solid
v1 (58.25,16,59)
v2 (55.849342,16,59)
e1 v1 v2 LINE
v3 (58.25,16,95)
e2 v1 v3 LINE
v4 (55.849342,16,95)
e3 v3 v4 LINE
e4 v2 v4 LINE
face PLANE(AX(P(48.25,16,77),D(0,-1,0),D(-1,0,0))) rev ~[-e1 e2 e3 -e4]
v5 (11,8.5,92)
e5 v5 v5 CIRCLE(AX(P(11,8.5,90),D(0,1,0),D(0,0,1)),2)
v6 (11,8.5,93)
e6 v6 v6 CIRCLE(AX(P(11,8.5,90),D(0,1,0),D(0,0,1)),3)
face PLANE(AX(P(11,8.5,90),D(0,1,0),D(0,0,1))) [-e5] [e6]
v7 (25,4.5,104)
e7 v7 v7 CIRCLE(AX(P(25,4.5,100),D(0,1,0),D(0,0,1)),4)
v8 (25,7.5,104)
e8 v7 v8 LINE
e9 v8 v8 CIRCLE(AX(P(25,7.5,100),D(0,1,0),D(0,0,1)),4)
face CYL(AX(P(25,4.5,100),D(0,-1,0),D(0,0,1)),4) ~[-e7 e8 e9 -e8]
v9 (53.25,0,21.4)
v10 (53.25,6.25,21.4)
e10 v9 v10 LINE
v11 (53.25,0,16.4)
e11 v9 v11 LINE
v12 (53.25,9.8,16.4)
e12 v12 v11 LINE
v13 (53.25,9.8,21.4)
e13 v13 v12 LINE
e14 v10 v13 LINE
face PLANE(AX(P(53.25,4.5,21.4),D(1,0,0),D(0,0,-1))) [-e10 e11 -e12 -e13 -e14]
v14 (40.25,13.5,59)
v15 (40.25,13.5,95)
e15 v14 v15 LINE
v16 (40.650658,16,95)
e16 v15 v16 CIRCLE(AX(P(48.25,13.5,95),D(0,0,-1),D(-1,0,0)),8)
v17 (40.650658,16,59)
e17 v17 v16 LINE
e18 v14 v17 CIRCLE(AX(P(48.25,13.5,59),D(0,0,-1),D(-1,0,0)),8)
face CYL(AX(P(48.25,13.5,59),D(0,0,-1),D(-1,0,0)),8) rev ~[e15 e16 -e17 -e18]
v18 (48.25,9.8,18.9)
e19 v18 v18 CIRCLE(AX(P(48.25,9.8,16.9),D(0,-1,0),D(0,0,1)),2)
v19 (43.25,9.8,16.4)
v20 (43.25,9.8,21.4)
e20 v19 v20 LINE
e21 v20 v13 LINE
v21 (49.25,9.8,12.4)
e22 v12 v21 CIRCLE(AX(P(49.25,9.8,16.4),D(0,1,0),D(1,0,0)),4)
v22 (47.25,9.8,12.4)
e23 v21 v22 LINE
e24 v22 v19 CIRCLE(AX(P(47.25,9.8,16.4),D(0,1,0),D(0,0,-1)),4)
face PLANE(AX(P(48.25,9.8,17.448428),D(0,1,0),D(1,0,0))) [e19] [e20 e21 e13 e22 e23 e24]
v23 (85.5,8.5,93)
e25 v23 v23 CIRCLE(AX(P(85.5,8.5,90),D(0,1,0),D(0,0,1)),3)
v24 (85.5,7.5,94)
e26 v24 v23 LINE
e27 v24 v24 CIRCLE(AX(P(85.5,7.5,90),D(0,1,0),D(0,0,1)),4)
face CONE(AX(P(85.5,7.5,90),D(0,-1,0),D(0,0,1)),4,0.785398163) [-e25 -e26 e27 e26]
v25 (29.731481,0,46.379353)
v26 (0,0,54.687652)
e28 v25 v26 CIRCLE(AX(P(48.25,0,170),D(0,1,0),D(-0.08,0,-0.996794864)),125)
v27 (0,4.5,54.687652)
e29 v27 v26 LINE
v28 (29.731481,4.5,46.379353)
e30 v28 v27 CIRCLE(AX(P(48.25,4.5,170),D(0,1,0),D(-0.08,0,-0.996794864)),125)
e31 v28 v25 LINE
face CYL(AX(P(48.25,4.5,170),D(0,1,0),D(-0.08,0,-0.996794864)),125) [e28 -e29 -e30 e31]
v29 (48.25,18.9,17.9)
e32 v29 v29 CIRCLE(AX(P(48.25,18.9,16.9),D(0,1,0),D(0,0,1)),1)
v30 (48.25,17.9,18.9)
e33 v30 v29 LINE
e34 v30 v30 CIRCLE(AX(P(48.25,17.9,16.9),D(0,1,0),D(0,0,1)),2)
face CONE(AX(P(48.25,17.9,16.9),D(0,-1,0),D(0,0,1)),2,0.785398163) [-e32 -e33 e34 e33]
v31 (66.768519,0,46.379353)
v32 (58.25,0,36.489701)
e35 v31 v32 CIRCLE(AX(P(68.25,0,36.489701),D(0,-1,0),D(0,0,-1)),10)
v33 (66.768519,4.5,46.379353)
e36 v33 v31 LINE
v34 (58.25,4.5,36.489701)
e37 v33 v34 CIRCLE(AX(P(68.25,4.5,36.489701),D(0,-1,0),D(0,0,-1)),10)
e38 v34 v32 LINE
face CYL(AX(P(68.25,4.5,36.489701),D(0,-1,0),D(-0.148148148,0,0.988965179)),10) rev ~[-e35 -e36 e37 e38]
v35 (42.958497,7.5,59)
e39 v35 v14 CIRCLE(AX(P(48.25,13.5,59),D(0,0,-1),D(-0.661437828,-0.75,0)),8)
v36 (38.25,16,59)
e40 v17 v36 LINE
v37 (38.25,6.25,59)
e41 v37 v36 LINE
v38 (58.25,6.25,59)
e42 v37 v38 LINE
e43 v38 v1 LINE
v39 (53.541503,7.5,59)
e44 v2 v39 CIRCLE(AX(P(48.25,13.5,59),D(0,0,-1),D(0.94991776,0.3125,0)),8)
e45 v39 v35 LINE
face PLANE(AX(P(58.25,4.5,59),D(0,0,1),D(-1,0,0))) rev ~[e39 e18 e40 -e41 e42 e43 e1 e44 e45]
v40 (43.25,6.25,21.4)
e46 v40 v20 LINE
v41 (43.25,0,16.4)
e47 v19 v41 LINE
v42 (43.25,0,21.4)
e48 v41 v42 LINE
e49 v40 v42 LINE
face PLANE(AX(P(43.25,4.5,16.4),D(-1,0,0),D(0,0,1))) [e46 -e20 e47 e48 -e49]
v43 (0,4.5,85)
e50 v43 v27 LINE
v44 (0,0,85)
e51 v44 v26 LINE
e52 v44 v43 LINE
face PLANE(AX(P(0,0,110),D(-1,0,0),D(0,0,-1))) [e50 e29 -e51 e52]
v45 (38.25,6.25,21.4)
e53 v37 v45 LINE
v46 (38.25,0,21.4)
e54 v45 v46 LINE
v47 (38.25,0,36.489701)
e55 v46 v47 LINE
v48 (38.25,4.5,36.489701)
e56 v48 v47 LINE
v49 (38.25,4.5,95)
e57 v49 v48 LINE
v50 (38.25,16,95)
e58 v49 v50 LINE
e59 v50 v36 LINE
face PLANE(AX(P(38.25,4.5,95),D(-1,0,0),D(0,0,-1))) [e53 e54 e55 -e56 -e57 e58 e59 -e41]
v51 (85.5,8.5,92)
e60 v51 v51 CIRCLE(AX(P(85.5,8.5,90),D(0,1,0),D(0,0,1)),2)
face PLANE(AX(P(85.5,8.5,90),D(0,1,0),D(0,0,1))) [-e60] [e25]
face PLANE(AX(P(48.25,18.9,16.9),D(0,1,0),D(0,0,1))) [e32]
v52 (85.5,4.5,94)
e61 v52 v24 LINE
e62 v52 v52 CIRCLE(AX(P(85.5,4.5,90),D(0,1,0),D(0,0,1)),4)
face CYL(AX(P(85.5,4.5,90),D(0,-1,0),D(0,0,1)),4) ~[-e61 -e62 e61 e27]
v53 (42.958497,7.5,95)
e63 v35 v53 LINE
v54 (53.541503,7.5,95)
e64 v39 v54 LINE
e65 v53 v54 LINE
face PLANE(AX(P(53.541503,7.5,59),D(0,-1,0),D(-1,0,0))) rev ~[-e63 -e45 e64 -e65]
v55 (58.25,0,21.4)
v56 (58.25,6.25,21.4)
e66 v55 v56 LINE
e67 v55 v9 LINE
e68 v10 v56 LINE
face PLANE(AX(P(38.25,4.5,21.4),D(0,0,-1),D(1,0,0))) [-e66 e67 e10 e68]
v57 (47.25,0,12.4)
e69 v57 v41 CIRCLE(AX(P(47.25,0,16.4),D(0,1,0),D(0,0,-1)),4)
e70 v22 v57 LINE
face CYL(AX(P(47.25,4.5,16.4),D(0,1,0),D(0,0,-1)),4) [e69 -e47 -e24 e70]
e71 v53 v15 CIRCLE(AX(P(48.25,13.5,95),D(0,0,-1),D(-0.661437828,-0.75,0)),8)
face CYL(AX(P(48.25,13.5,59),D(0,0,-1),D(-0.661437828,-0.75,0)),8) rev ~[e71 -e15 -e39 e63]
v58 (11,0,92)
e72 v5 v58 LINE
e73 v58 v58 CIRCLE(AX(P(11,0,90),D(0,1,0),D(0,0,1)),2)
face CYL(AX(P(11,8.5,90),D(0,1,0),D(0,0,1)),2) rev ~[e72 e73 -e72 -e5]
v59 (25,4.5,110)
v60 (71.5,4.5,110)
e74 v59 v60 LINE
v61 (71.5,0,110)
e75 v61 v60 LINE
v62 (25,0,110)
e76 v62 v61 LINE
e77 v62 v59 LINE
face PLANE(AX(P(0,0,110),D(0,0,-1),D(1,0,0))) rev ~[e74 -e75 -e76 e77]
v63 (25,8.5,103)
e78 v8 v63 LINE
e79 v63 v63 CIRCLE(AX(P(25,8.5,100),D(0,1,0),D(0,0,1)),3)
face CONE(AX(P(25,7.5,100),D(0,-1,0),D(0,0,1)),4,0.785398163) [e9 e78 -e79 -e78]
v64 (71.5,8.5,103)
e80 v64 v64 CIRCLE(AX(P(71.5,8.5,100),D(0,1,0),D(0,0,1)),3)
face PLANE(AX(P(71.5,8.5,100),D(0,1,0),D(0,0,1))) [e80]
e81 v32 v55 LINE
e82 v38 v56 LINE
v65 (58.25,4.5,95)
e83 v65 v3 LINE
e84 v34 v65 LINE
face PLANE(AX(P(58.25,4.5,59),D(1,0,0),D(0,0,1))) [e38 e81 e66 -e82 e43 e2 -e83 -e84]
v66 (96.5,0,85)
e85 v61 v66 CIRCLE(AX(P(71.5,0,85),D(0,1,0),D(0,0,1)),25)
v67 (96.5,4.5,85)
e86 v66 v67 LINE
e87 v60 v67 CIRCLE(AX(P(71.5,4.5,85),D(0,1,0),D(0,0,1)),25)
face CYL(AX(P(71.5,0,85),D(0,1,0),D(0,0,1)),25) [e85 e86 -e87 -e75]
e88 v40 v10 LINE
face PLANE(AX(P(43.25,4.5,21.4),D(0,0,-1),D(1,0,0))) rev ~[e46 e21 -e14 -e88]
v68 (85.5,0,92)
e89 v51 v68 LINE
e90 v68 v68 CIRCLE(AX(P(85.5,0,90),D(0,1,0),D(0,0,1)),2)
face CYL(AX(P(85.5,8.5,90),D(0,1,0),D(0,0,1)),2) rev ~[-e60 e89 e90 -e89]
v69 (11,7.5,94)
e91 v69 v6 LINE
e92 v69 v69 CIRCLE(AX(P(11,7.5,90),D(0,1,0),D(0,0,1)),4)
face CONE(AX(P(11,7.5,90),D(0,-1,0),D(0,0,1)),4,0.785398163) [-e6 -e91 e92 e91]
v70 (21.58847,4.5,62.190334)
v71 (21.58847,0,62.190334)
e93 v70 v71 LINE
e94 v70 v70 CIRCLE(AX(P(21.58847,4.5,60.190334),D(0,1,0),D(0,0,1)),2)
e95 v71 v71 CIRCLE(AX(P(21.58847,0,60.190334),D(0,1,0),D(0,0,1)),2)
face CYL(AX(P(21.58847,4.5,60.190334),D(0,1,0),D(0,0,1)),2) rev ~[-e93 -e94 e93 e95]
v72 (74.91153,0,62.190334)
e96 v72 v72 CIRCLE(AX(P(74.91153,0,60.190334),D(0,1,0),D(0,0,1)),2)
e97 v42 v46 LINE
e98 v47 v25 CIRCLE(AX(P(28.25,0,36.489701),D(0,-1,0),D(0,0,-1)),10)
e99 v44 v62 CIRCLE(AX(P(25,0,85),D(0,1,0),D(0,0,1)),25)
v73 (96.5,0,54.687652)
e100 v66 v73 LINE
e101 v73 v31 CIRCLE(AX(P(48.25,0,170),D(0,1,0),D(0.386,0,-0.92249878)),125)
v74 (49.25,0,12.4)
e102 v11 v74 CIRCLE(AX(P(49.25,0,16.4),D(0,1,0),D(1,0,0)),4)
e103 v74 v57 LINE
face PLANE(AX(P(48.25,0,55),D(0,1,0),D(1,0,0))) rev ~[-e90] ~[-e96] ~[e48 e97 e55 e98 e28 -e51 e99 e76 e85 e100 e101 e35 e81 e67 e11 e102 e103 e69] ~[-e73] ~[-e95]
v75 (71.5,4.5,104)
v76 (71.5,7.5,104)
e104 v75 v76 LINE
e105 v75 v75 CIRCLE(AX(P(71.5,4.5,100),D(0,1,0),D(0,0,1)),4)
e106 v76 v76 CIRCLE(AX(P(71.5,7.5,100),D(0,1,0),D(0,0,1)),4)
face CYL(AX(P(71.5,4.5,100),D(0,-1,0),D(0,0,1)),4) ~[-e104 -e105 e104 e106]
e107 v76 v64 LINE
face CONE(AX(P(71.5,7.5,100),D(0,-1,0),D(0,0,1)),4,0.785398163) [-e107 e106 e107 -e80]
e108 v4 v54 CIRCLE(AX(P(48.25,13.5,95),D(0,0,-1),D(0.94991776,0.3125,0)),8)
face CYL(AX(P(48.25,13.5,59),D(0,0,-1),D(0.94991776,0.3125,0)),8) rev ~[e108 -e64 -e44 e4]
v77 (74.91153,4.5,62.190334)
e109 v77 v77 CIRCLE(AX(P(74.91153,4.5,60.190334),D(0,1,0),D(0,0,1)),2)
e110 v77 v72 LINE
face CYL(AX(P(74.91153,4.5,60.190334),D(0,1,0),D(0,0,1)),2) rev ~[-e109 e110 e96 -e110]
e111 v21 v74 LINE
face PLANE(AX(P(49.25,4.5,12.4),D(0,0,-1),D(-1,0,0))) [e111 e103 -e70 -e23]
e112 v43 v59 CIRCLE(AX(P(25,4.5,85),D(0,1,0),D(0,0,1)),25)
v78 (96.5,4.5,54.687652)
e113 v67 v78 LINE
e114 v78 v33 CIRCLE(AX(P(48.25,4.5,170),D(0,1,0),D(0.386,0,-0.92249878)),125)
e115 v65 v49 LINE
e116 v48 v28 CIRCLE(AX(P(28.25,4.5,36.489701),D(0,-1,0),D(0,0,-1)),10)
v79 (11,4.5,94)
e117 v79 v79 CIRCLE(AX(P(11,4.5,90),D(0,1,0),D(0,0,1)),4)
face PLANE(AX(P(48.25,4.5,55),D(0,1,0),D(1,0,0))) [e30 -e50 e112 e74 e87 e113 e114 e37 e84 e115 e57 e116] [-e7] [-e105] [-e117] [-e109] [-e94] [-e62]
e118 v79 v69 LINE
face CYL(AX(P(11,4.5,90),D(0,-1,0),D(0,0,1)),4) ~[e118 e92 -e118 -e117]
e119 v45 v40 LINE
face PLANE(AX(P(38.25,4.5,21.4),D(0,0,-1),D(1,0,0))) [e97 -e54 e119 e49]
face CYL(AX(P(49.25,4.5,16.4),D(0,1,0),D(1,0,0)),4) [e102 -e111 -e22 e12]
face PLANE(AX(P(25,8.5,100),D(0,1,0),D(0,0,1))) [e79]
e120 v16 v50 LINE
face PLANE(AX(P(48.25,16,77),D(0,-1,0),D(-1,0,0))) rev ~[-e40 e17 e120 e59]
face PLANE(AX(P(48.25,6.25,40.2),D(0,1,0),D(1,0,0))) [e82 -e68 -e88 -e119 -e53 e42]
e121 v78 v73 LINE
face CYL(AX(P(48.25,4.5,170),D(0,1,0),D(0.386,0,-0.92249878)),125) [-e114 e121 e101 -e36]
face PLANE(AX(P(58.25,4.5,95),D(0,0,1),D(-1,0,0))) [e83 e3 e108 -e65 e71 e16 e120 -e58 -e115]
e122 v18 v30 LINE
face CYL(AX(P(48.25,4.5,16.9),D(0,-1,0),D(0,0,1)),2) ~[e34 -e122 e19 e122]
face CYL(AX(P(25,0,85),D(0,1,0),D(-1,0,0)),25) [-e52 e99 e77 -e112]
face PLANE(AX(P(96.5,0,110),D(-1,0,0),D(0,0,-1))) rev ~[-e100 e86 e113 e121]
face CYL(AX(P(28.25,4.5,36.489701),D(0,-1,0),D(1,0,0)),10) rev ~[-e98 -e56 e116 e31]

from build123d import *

# Parameters (mm, degrees)
SKETCH1_W           = 96.5
SKETCH1_H           = 110
BOSS_EXTRUDE1_DEPTH = 4.5
SKETCH2_R           = 4
BOSS_EXTRUDE2_DEPTH = 4
SKETCH3_R           = 2
BOSS_EXTRUDE3_DEPTH = 14.4
SKETCH4_W           = 20
SKETCH4_H           = 37.6
BOSS_EXTRUDE4_DEPTH = 1.75
BOSS_EXTRUDE5_DEPTH = 11.5
BOSS_EXTRUDE6_DEPTH = 5.3
CHAMFER2_SIZE       = 1
CUT_EXTRUDE6_DEPTH  = 115.67545509
CHAMFER3_SIZE       = 1
SKETCH2_4_R         = 4
BOSS_EXTRUDE8_DEPTH = 4
CUT_EXTRUDE10_DEPTH = 148.036084007
FILLET1_R           = 10
SKETCH21_R          = 2
CUT_EXTRUDE11_DEPTH = 148.036084007
CHAMFER4_SIZE       = 1
SKETCH22_R          = 2
CUT_EXTRUDE12_DEPTH = 147.698363999
FILLET2_R           = 25


with BuildPart() as part:
    # Sketch1 → Boss-Extrude1 (new body)
    with BuildSketch(Plane(origin=(0, 0, 0), x_dir=(1, 0, 0), z_dir=(0, 1, 0))):
        with Locations((48.25, -55)):
            Rectangle(SKETCH1_W, SKETCH1_H)
    extrude(amount=BOSS_EXTRUDE1_DEPTH)

    # Sketch2 → Boss-Extrude2 (add)
    with BuildSketch(Plane(origin=(0, 4.5, 0), x_dir=(1, 0, 0), z_dir=(0, 1, 0))):
        with Locations(Location((25, -100, 0), (0, 0, 270))):
            Circle(SKETCH2_R)
        with Locations(Location((71.5, -100, 0), (0, 0, 270))):
            Circle(SKETCH2_R)
    extrude(amount=BOSS_EXTRUDE2_DEPTH)

    # Sketch3 → Boss-Extrude3 (add)
    with BuildSketch(Plane(origin=(0, 4.5, 0), x_dir=(1, 0, 0), z_dir=(0, 1, 0))):
        with Locations(Location((48.25, -16.9, 0), (0, 0, 270))):
            Circle(SKETCH3_R)
    extrude(amount=BOSS_EXTRUDE3_DEPTH)

    # Sketch4 → Boss-Extrude4 (add)
    with BuildSketch(Plane(origin=(0, 4.5, 0), x_dir=(1, 0, 0), z_dir=(0, 1, 0))):
        with Locations((48.25, -40.2)):
            Rectangle(SKETCH4_W, SKETCH4_H)
    extrude(amount=BOSS_EXTRUDE4_DEPTH)

    # Sketch4<3> → Boss-Extrude5 (add)
    with BuildSketch(Plane(origin=(0, 4.5, 0), x_dir=(1, 0, 0), z_dir=(0, 1, 0))):
        Polygon((58.25, -59), (58.25, -95), (38.25, -95), (38.25, -59), (48.25, -59), align=None)
    extrude(amount=BOSS_EXTRUDE5_DEPTH)

    # Sketch4<5> → Boss-Extrude6 (add)
    with BuildSketch(Plane(origin=(0, 4.5, 0), x_dir=(1, 0, 0), z_dir=(0, 1, 0))):
        with BuildLine():
            Line((49.25, -12.4), (47.25, -12.4))
            ThreePointArc((47.25, -12.4), (44.421572875, -13.571572875), (43.25, -16.4))
            Line((43.25, -16.4), (43.25, -21.4))
            Line((43.25, -21.4), (53.25, -21.4))
            Line((53.25, -21.4), (53.25, -16.4))
            ThreePointArc((53.25, -16.4), (52.078427125, -13.571572875), (49.25, -12.4))
        make_face()
    extrude(amount=BOSS_EXTRUDE6_DEPTH)

    # Chamfer2
    chamfer2_edges = [part.edges().sort_by_distance(p)[0] for p in [
        (48.25, 18.9, 14.9),
    ]]
    chamfer(chamfer2_edges, length=CHAMFER2_SIZE)

    # Sketch9 → Cut-Extrude6 (cut, through all)
    with BuildSketch(Plane(origin=(0, 0, 59), x_dir=(-1, 0, 0), z_dir=(0, 0, -1))):
        with BuildLine():
            ThreePointArc((-55.849342077, 16), (-55.970490222, 11.403805654), (-53.541502622, 7.5))
            Line((-53.541502622, 7.5), (-42.958497378, 7.5))
            ThreePointArc((-42.958497378, 7.5), (-40.958497378, 10.208497378), (-40.25, 13.5))
            ThreePointArc((-40.25, 13.5), (-40.350799515, 14.765950905), (-40.650657923, 16))
            Line((-40.650657923, 16), (-55.849342077, 16))
        make_face()
    extrude(amount=-CUT_EXTRUDE6_DEPTH, mode=Mode.SUBTRACT)

    # Chamfer3
    chamfer3_edges = [part.edges().sort_by_distance(p)[0] for p in [
        (25, 8.5, 96),
        (71.5, 8.5, 96),
    ]]
    chamfer(chamfer3_edges, length=CHAMFER3_SIZE)

    # Sketch2<4> → Boss-Extrude8 (add)
    with BuildSketch(Plane(origin=(0, 4.5, 0), x_dir=(1, 0, 0), z_dir=(0, 1, 0))):
        with Locations(Location((11, -90, 0), (0, 0, 270))):
            Circle(SKETCH2_4_R)
        with Locations(Location((85.5, -90, 0), (0, 0, 270))):
            Circle(SKETCH2_4_R)
    extrude(amount=BOSS_EXTRUDE8_DEPTH)

    # Sketch20 → Cut-Extrude10 (cut, through all)
    with BuildSketch(Plane(origin=(0, 4.5, 0), x_dir=(1, 0, 0), z_dir=(0, 1, 0))):
        with BuildLine():
            Line((0, 0), (96.5, 0))
            Line((96.5, 0), (96.5, -54.687652439))
            ThreePointArc((96.5, -54.687652439), (77.742842614, -48.529130099), (58.25, -45.400642056))
            Line((58.25, -45.400642056), (58.25, -21.4))
            Line((58.25, -21.4), (53.25, -21.4))
            Line((53.25, -21.4), (53.25, -16.4))
            ThreePointArc((53.25, -16.4), (52.078427125, -13.571572875), (49.25, -12.4))
            Line((49.25, -12.4), (47.25, -12.4))
            ThreePointArc((47.25, -12.4), (44.421572875, -13.571572875), (43.25, -16.4))
            Line((43.25, -16.4), (43.25, -21.4))
            Line((43.25, -21.4), (38.25, -21.4))
            Line((38.25, -21.4), (38.25, -45.400642056))
            ThreePointArc((38.25, -45.400642056), (18.757157386, -48.529130099), (0, -54.687652439))
            Line((0, -54.687652439), (0, 0))
        make_face()
    extrude(amount=-CUT_EXTRUDE10_DEPTH, mode=Mode.SUBTRACT)

    # Fillet1
    fillet1_edges = [part.edges().sort_by_distance(p)[0] for p in [
        (58.25, 2.25, 45.400642056),
        (38.25, 2.25, 45.400642056),
    ]]
    fillet(fillet1_edges, radius=FILLET1_R)

    # Sketch21 → Cut-Extrude11 (cut, through all)
    with BuildSketch(Plane(origin=(0, 4.5, 0), x_dir=(1, 0, 0), z_dir=(0, 1, 0))):
        with Locations(Location((21.588470277, -60.190333609, 0), (0, 0, 270))):
            Circle(SKETCH21_R)
        with Locations(Location((74.911529723, -60.190333609, 0), (0, 0, 270))):
            Circle(SKETCH21_R)
    extrude(amount=-CUT_EXTRUDE11_DEPTH, mode=Mode.SUBTRACT)

    # Chamfer4
    chamfer4_edges = [part.edges().sort_by_distance(p)[0] for p in [
        (11, 8.5, 86),
        (85.5, 8.5, 86),
    ]]
    chamfer(chamfer4_edges, length=CHAMFER4_SIZE)

    # Sketch22 → Cut-Extrude12 (cut, through all)
    with BuildSketch(Plane(origin=(0, 8.5, 0), x_dir=(1, 0, 0), z_dir=(0, 1, 0))):
        with Locations(Location((11, -90, 0), (0, 0, 270))):
            Circle(SKETCH22_R)
        with Locations(Location((85.5, -90, 0), (0, 0, 270))):
            Circle(SKETCH22_R)
    extrude(amount=-CUT_EXTRUDE12_DEPTH, mode=Mode.SUBTRACT)

    # Fillet2
    fillet2_edges = [part.edges().sort_by_distance(p)[0] for p in [
        (96.5, 2.25, 110),
        (0, 2.25, 110),
    ]]
    fillet(fillet2_edges, radius=FILLET2_R)


solid = part.part
